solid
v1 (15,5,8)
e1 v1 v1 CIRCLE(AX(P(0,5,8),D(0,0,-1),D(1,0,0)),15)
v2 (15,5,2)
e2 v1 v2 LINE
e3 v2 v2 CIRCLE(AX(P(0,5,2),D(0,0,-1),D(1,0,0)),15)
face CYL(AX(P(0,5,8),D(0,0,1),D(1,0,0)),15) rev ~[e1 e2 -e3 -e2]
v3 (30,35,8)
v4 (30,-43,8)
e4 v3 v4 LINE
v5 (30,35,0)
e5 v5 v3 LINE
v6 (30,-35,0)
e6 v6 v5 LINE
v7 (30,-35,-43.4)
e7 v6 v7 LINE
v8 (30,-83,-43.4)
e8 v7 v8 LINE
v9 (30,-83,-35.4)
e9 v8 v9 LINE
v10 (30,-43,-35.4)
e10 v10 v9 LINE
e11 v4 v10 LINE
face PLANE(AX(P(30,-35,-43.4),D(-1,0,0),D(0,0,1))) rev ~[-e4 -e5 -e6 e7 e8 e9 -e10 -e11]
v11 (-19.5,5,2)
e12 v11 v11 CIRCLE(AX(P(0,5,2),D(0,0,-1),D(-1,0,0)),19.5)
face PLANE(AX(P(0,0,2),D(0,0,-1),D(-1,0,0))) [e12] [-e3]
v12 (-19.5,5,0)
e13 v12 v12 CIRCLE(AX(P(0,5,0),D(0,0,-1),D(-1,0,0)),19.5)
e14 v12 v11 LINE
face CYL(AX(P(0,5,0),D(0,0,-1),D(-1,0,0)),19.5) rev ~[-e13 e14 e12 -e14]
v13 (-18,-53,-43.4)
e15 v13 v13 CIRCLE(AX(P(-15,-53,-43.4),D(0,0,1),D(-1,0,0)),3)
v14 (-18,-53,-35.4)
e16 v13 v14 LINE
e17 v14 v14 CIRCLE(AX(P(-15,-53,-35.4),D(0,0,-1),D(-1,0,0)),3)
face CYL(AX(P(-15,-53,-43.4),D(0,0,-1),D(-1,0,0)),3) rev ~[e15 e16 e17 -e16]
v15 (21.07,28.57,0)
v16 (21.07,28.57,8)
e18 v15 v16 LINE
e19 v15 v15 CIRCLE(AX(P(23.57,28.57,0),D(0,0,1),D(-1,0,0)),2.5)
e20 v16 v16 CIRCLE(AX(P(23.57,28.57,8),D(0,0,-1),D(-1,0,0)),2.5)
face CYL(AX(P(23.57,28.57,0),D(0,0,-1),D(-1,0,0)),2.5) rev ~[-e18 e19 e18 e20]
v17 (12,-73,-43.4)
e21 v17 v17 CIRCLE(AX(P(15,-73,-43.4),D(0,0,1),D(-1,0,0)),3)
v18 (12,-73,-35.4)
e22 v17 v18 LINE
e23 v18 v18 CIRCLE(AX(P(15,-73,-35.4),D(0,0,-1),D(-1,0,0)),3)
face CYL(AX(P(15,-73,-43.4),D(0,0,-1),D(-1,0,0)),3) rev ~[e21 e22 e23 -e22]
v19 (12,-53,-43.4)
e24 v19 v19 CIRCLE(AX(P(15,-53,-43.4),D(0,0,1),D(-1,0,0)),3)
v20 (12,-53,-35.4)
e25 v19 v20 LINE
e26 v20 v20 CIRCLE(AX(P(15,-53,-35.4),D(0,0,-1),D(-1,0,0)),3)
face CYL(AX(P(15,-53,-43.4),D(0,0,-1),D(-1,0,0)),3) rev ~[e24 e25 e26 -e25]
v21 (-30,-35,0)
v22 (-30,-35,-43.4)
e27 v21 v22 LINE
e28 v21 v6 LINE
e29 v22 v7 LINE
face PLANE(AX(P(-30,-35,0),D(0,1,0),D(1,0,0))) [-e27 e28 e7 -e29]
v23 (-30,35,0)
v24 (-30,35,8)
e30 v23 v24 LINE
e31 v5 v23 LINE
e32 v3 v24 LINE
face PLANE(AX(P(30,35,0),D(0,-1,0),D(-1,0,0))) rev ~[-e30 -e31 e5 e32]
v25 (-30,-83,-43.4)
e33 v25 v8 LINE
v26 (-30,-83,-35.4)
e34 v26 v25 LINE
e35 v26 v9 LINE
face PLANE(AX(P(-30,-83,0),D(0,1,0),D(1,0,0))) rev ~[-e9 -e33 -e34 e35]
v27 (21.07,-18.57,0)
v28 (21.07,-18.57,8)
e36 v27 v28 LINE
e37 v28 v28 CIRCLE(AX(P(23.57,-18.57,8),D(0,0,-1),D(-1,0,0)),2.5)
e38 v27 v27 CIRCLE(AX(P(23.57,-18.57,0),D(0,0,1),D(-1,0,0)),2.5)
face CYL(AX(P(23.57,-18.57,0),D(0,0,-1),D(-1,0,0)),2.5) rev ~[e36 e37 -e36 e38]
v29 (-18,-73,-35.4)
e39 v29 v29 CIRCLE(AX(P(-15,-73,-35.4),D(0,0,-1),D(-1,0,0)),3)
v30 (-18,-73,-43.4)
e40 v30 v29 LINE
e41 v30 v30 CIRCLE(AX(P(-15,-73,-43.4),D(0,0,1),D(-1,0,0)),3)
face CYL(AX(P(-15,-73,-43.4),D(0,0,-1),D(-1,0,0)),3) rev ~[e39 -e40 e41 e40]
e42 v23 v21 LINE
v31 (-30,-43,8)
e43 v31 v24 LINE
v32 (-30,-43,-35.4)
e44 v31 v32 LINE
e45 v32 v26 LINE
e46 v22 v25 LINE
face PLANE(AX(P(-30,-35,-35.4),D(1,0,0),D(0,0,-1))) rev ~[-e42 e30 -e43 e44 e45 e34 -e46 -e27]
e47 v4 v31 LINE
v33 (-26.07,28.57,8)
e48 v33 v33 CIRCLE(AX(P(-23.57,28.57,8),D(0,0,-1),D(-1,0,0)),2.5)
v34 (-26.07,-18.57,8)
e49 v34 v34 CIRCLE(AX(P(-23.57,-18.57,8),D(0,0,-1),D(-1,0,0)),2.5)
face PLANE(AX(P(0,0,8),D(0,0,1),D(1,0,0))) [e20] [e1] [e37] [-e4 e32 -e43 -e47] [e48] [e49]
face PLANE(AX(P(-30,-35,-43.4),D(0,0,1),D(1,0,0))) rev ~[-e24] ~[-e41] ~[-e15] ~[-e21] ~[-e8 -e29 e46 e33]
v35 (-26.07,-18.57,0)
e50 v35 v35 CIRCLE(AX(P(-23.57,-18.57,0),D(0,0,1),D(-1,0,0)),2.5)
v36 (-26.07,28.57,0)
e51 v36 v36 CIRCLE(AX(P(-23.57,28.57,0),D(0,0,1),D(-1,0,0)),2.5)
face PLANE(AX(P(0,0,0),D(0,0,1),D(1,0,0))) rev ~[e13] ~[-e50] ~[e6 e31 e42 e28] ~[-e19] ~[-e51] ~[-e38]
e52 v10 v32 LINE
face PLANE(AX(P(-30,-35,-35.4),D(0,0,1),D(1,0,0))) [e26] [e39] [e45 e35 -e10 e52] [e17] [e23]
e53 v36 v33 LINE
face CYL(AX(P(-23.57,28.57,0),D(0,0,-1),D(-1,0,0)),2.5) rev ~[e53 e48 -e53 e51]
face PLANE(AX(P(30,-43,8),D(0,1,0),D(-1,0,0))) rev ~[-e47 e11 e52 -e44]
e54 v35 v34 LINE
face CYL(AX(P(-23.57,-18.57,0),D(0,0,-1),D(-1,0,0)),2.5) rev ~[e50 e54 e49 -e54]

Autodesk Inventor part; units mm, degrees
ref_plane "YZ Plane" through (0, 0, 0) normal (1, 0, 0) x (0, 1, 0)
ref_plane "XZ Plane" through (0, 0, 0) normal (0, 1, 0) x (-1, 0, 0)
ref_plane "XY Plane" through (0, 0, 0) normal (0, 0, 1) x (1, 0, 0)
sketch "Szkic1" plane through (0, 0, 0) normal (0, 0, 1) x (1, 0, 0)
  line L0 (-30, -35) -> (30, -35)
  line L1 (30, -35) -> (30, 35)
  line L2 (30, 35) -> (-30, 35)
  line L3 (-30, 35) -> (-30, -35)
  line L4 (-30, -35) -> (30, 35) construction
  line L5 (30, -35) -> (-30, 35) construction
  point P0 (0, 0)
  dimension "d0" = 60
  dimension "d1" = 70
extrude "Wyciągnięcie proste1" add sketch "Szkic1" along normal blind 8
sketch "Szkic2" plane through (0, 0, 0) normal (0, 0, -1) x (-1, 0, 0)
  line L0 (30, -35) -> (-30, -35) projected
  line L1 (30, 35) -> (30, -35) projected
  line L2 (-30, 35) -> (30, 35) projected
  line L3 (-30, -35) -> (-30, 35) projected
  line L4 (23.57, 5) -> (23.57, 28.57)
  line L5 (23.57, 28.57) -> (-23.57, 28.57)
  line L6 (-23.57, 28.57) -> (-23.57, -18.57)
  line L7 (-23.57, -18.57) -> (23.57, -18.57)
  line L8 (23.57, -18.57) -> (23.57, 5)
  circle A0 centre (23.57, 28.57) radius 2.5
  circle A1 centre (-23.57, 28.57) radius 2.5
  circle A2 centre (-23.57, -18.57) radius 2.5
  circle A3 centre (23.57, -18.57) radius 2.5
  line L9 (0, 0) -> (0, 5)
  dimension "d6" = 47.14
  dimension "d7" = 47.14
  dimension "d8" = 47.14
  dimension "d9" = 5
  dimension "d10" = 5
  dimension "d11" = 5
  dimension "d12" = 5
  dimension "d15" = 5
extrude "Wyciągnięcie proste3" cut sketch "Szkic2" against normal up to next contours A0 L5 L4 | L4 L5 A0 | A3 L7 L8 | L8 L7 A3 | A1 L6 L5 | L5 L6 A1 | A2 L6 L7 | L7 L6 A2
sketch "Szkic4" plane through (0, 0, 8) normal (0, 0, 1) x (1, 0, 0)
  line L0 (-30, -35) -> (30, -35) projected
  line L1 (30, -35) -> (30, -43)
  line L2 (30, -43) -> (-30, -43)
  line L3 (-30, -43) -> (-30, -35)
  point P0 (0, 0)
  dimension "d18" = 8
extrude "Wyciągnięcie proste4" add sketch "Szkic4" against normal blind 43.4
sketch "Szkic5" plane through (0, 0, 8) normal (0, 0, 1) x (1, 0, 0)
  circle A0 centre (-23.57, -18.57) radius 2.5 projected
  circle A1 centre (23.57, 28.57) radius 2.5 projected
  circle A2 centre (-23.57, 28.57) radius 2.5 projected
  circle A3 centre (23.57, -18.57) radius 2.5 projected
  line L0 (30, 35) -> (30, -43) projected
  line L1 (30, 35) -> (-30, 35) projected
  line L2 (-30, 35) -> (-30, -43) projected
  line L3 (30, -43) -> (-30, -43) projected
  line L4 (23.57, -18.57) -> (-23.57, 28.57)
  line L5 (-23.57, -18.57) -> (23.57, 28.57)
  circle A4 centre (0, 5) radius 15
  point P0 (0, 0)
  dimension "d21" = 30
extrude "Wyciągnięcie proste5" cut sketch "Szkic5" against normal up to next contours A4 L4 L5 | L5 L4 A4 | L5 A4 L4 | L4 A4 L5
thread "Gwint1" size "M5x0.8" class "6H" standard "ANSI Metric M Profile" full length
thread "Gwint2" size "M5x0.8" class "6H" standard "ANSI Metric M Profile" full length
thread "Gwint3" size "M5x0.8" class "6H" standard "ANSI Metric M Profile" full length
thread "Gwint4" size "M5x0.8" class "6H" standard "ANSI Metric M Profile" full length
sketch "Szkic8" plane through (-30, -35, 0) normal (0, 1, 0) x (1, 0, 0)
  line L0 (0, 35.4) -> (60, 35.4) projected
  line L1 (0, 35.4) -> (0, 43.4)
  line L2 (0, 43.4) -> (60, 43.4)
  line L3 (60, 43.4) -> (60, 35.4)
  point P0 (30, 0)
  dimension "d46" = 8
extrude "Wyciągnięcie proste8" add sketch "Szkic8" against normal blind 48
sketch "Szkic9" plane through (30, -35, -43.4) normal (0, 0, -1) x (-1, 0, 0)
  line L0 (0, 0) -> (60, 0) projected
  line L1 (0, 0) -> (0, -48) projected
  line L2 (60, -48) -> (0, -48) projected
  line L3 (60, 0) -> (60, -48) projected
  line L4 (60, -8) -> (60, -48) projected
  line L5 (60, -48) -> (60, -38)
  line L6 (60, -38) -> (0, -38)
  line L7 (60, -38) -> (60, -18)
  line L8 (60, -18) -> (0, -18)
  line L9 (0, -8) -> (0, -48) projected
  line L10 (0, -48) -> (15, -48)
  line L11 (0, -48) -> (60, -48) projected
  line L12 (15, -48) -> (15, -18)
  line L13 (60, -48) -> (45, -48)
  line L14 (45, -48) -> (45, -18)
  circle A0 centre (45, -38) radius 3
  circle A1 centre (15, -38) radius 3
  circle A2 centre (45, -18) radius 3
  circle A3 centre (15, -18) radius 3
  point P0 (30, 35)
  dimension "d49" = 10
  dimension "d50" = 20
  dimension "d51" = 15
  dimension "d52" = 15
  dimension "d53" = 6
  dimension "d54" = 6
  dimension "d55" = 6
  dimension "d56" = 6
extrude "Wyciągnięcie proste9" cut sketch "Szkic9" against normal up to next contours A3 L8 | L8 L12 A3 | A2 L14 L8 | L8 A2 | A1 L12 L6 | L6 L12 A1 | L8 A3 L12 | A0 L14 L6 | L6 L14 A0 | L14 A2 L8 | L12 A1 L6 | L6 A1 L12 | L14 A0 L6 | L6 A0 L14
sketch "Szkic10" plane through (0, 0, 0) normal (0, 0, -1) x (-1, 0, 0)
  circle A0 centre (0, 5) radius 15 projected
  circle A1 centre (0, 5) radius 19.5
  point P0 (0, 0)
  dimension "d59" = 39
extrude "Wyciągnięcie proste10" cut sketch "Szkic10" against normal blind 2
properties part number "Uchwyt silnika krokowego osi Y"
